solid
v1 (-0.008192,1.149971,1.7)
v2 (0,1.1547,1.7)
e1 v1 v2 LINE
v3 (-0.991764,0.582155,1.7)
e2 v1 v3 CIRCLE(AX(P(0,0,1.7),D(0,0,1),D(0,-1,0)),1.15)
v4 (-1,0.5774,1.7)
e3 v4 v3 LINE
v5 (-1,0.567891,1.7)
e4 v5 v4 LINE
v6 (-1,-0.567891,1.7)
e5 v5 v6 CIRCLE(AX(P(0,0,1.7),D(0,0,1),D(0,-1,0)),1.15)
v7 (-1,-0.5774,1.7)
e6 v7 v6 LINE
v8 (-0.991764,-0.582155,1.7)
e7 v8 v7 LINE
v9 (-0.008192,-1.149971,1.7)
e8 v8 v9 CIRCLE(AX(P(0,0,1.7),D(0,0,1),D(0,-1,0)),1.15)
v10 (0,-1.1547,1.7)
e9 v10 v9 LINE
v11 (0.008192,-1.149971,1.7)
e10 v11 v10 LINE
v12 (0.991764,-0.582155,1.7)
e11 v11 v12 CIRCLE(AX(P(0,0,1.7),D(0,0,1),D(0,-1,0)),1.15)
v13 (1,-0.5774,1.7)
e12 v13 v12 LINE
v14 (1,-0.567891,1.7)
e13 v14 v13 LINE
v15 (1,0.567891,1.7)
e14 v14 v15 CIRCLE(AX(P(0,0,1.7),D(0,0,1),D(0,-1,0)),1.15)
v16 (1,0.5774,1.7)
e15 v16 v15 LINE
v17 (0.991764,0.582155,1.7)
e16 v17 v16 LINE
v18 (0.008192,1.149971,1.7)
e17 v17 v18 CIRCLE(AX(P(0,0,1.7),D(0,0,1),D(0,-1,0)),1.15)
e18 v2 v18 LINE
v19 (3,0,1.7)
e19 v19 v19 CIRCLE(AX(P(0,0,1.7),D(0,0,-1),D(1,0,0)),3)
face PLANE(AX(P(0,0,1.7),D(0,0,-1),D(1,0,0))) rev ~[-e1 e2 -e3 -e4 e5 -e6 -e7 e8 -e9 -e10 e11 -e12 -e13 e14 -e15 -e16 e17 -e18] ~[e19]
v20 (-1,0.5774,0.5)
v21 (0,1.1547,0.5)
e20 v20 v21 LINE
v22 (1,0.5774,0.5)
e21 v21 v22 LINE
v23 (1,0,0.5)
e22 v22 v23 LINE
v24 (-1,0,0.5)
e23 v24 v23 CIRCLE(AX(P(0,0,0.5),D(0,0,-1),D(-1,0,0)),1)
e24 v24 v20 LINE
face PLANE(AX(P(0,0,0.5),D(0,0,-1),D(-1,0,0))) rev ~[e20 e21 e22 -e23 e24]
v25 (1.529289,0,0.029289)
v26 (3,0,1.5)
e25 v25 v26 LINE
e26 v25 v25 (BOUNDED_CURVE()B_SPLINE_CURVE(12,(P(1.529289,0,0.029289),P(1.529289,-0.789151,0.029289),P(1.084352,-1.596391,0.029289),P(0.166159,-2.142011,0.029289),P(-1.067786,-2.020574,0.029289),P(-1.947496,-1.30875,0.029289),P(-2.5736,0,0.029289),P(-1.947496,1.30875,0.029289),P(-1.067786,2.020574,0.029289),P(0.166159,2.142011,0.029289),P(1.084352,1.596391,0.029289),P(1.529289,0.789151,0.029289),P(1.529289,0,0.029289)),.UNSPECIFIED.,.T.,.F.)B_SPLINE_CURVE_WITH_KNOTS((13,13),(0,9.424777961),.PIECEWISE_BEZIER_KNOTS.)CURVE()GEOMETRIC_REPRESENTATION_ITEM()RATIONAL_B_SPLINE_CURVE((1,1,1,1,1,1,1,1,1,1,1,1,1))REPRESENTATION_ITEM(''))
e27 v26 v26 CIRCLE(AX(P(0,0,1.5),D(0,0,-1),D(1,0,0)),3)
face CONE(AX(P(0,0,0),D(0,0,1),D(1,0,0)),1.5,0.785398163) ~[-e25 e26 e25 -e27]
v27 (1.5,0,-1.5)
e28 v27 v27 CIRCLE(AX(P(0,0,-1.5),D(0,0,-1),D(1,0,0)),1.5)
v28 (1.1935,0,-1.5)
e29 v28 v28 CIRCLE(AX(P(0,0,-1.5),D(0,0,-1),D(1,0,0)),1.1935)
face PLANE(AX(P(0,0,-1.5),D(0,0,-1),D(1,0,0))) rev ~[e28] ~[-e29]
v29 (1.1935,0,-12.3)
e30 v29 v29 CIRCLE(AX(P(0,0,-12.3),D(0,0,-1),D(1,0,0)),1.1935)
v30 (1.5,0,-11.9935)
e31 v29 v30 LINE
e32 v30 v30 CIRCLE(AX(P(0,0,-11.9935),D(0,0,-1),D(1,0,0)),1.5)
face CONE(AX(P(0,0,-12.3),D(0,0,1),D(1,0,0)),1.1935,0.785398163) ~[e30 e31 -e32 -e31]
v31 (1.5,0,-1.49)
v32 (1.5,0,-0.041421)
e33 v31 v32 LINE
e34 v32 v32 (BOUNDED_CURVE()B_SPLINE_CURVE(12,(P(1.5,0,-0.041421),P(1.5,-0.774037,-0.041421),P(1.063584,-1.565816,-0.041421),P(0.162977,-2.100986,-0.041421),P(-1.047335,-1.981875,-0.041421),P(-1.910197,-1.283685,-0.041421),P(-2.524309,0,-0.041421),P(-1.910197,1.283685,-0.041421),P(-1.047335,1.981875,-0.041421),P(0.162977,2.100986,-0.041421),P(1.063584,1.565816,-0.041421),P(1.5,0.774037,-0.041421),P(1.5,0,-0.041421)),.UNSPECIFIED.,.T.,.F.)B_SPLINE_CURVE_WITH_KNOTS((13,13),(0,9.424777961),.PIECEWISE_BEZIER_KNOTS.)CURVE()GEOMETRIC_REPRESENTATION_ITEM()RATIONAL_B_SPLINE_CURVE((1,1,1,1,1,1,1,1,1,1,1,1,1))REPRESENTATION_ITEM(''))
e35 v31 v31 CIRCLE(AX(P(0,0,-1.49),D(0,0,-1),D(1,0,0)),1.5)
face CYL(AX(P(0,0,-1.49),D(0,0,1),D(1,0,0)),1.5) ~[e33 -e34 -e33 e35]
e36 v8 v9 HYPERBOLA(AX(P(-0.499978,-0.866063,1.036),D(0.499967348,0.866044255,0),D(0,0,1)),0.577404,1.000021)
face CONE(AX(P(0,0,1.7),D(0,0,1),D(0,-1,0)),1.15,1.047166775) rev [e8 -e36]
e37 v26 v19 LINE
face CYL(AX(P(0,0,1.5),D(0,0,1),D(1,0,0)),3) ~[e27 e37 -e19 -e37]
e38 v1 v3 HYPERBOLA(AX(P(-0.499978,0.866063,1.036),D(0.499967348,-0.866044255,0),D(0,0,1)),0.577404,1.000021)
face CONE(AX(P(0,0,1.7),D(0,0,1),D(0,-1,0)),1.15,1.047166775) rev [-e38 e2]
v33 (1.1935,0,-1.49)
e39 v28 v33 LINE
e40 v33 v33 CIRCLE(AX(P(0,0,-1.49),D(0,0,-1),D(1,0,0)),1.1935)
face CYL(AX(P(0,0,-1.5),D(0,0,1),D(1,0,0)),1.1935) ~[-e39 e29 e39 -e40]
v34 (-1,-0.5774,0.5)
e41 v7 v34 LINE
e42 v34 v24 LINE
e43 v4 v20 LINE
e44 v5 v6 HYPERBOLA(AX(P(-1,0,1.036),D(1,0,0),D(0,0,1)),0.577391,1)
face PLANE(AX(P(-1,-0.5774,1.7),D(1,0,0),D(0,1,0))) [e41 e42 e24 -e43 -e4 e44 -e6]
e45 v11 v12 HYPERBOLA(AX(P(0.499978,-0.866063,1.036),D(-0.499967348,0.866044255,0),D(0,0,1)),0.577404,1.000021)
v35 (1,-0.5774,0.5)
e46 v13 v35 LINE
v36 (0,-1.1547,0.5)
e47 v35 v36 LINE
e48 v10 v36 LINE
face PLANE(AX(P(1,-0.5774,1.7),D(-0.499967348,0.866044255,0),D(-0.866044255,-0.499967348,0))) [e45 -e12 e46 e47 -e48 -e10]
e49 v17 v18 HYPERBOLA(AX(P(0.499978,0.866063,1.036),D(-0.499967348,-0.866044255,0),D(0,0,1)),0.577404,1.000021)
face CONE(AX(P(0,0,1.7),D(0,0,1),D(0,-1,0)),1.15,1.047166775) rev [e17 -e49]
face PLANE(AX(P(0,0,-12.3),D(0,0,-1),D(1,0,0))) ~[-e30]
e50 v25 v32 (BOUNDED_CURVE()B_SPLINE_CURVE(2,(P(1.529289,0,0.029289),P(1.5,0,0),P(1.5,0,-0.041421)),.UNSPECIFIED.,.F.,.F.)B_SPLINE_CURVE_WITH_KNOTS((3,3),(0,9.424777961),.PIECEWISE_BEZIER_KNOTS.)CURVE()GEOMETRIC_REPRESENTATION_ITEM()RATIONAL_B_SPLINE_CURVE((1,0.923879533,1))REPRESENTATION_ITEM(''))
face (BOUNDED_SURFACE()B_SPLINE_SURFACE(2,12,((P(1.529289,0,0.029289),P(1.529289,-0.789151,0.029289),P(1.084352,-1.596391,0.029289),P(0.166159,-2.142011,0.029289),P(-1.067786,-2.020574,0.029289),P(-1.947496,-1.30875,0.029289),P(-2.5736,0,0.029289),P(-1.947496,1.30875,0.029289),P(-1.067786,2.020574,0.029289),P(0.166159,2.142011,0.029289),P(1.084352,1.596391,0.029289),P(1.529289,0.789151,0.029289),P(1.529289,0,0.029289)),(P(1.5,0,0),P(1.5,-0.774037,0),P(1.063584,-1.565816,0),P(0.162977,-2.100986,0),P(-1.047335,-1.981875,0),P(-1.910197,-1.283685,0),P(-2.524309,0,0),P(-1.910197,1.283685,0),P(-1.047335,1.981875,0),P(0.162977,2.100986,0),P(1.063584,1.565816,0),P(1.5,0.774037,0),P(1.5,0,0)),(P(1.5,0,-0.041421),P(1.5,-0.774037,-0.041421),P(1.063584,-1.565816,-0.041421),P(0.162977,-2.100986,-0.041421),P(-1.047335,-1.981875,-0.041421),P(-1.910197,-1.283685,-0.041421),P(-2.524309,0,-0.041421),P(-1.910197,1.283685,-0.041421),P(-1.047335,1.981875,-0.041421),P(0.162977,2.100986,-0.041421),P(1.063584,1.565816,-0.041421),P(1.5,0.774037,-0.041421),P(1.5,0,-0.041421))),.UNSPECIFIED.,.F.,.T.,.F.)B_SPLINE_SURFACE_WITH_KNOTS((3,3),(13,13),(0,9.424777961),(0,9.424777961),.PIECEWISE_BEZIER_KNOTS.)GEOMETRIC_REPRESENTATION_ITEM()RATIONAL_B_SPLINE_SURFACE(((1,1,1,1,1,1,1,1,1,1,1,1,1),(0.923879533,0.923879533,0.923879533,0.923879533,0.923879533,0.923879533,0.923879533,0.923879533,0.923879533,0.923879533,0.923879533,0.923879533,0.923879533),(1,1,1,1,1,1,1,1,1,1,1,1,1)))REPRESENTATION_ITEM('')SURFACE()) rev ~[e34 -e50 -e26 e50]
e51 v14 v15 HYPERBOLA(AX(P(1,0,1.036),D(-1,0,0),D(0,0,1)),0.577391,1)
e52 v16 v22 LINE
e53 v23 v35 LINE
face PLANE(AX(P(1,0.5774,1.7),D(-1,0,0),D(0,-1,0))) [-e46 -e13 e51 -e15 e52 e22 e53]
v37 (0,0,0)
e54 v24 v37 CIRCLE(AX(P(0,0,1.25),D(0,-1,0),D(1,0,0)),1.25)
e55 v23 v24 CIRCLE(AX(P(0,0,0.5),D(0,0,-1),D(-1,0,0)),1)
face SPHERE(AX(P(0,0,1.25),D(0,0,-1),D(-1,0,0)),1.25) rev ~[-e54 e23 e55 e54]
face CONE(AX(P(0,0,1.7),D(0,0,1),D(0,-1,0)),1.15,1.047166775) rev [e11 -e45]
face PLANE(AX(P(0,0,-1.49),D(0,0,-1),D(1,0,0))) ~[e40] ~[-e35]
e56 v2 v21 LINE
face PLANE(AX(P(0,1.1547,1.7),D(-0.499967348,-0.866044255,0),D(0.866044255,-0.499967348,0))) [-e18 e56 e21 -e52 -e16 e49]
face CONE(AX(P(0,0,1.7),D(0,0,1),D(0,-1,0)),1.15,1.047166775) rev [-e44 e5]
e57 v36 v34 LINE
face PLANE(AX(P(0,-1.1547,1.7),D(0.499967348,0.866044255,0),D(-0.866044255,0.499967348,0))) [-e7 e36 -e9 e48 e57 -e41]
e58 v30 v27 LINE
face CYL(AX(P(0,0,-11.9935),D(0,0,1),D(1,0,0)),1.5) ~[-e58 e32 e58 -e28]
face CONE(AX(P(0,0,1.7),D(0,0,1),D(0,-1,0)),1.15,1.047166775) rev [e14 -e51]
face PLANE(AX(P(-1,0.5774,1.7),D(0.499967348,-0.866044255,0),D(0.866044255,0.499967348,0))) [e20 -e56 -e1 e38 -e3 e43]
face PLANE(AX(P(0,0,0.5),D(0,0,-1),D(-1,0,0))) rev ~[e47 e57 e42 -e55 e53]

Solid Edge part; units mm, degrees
sketch "Sketch1" plane through (0, 0, 0) normal (0, -1, 0) x (1, 0, 0)
  line L0 (1.5, 0) -> (3, 1.5)
  line L1 (3, 1.5) -> (3, 1.7)
  line L2 (3, 1.7) -> (0, 1.7)
  line L3 (0, 1.7) -> (0, -12.3)
  line L4 (0, -12.3) -> (1.1935, -12.3)
  line L5 (1.1935, -12.3) -> (1.5, -11.9935)
  line L6 (1.5, -11.9935) -> (1.5, -1.5)
  line L7 (1.5, -1.5) -> (1.1935, -1.5)
  line L8 (1.1935, -1.5) -> (1.1935, -1.49)
  line L9 (1.1935, -1.49) -> (1.5, -1.49)
  line L10 (1.5, -1.49) -> (1.5, 0)
  dimension "D1" = 14
  dimension "D2" = 3
  dimension "D3" = 1.7
  dimension "D4" = 0.01
  dimension "D5" = 1.1935
  dimension "D6" = 3.2
  dimension "D7" = 0.2
revolve "RevolvedProtrusion1" add sketch "Sketch1" angle 360 about axis through (0, 0, 54) along (0, 0, -1)
sketch "Sketch2" plane through (0, 0, 0) normal (0, -1, 0) x (1, 0, 0)
  arc A0 (-1, 0.5) -> (0, 0) centre (0, 1.25) ccw
  line L0 (0, 0.5) -> (0, 0)
  line L1 (-1, 0.5) -> (0, 0.5)
  dimension "D1" = 12.8
revolve "RevolvedCutout1" cut sketch "Sketch2" angle 360 about axis through (0, 0, 54) along (0, 0, -1)
sketch "Sketch3" plane through (0, 0, 1.7) normal (0, 0, 1) x (0, -1, 0)
  line L0 (-1.1547, 0) -> (-0.5774, 1)
  line L1 (-0.5774, 1) -> (0.5774, 1)
  line L2 (0.5774, 1) -> (1.1547, 0)
  line L3 (1.1547, 0) -> (0.5774, -1)
  line L4 (0.5774, -1) -> (-0.5774, -1)
  line L5 (-0.5774, -1) -> (-1.1547, 0)
  dimension "D1" = 2
extrude "Cutout1" cut sketch "Sketch3" against normal blind 1.2
cosmetic_thread "Thread1" size "M3"
sketch "Sketch4" plane through (0, 0, 0) normal (1, 0, 0) x (0, 1, 0)
  line L0 (-1.15, 1.7) -> (0, 1.036)
revolve "RevolvedCutout2" cut sketch "Sketch4" angle 360 about axis through (0, 0, -57) along (0, 0, 1) material side at (0, -0.55, 1.4113)
fillet "Round1" radius 0.1 1 edges at (-1.5, 0, 0)
properties material "Stahl"
